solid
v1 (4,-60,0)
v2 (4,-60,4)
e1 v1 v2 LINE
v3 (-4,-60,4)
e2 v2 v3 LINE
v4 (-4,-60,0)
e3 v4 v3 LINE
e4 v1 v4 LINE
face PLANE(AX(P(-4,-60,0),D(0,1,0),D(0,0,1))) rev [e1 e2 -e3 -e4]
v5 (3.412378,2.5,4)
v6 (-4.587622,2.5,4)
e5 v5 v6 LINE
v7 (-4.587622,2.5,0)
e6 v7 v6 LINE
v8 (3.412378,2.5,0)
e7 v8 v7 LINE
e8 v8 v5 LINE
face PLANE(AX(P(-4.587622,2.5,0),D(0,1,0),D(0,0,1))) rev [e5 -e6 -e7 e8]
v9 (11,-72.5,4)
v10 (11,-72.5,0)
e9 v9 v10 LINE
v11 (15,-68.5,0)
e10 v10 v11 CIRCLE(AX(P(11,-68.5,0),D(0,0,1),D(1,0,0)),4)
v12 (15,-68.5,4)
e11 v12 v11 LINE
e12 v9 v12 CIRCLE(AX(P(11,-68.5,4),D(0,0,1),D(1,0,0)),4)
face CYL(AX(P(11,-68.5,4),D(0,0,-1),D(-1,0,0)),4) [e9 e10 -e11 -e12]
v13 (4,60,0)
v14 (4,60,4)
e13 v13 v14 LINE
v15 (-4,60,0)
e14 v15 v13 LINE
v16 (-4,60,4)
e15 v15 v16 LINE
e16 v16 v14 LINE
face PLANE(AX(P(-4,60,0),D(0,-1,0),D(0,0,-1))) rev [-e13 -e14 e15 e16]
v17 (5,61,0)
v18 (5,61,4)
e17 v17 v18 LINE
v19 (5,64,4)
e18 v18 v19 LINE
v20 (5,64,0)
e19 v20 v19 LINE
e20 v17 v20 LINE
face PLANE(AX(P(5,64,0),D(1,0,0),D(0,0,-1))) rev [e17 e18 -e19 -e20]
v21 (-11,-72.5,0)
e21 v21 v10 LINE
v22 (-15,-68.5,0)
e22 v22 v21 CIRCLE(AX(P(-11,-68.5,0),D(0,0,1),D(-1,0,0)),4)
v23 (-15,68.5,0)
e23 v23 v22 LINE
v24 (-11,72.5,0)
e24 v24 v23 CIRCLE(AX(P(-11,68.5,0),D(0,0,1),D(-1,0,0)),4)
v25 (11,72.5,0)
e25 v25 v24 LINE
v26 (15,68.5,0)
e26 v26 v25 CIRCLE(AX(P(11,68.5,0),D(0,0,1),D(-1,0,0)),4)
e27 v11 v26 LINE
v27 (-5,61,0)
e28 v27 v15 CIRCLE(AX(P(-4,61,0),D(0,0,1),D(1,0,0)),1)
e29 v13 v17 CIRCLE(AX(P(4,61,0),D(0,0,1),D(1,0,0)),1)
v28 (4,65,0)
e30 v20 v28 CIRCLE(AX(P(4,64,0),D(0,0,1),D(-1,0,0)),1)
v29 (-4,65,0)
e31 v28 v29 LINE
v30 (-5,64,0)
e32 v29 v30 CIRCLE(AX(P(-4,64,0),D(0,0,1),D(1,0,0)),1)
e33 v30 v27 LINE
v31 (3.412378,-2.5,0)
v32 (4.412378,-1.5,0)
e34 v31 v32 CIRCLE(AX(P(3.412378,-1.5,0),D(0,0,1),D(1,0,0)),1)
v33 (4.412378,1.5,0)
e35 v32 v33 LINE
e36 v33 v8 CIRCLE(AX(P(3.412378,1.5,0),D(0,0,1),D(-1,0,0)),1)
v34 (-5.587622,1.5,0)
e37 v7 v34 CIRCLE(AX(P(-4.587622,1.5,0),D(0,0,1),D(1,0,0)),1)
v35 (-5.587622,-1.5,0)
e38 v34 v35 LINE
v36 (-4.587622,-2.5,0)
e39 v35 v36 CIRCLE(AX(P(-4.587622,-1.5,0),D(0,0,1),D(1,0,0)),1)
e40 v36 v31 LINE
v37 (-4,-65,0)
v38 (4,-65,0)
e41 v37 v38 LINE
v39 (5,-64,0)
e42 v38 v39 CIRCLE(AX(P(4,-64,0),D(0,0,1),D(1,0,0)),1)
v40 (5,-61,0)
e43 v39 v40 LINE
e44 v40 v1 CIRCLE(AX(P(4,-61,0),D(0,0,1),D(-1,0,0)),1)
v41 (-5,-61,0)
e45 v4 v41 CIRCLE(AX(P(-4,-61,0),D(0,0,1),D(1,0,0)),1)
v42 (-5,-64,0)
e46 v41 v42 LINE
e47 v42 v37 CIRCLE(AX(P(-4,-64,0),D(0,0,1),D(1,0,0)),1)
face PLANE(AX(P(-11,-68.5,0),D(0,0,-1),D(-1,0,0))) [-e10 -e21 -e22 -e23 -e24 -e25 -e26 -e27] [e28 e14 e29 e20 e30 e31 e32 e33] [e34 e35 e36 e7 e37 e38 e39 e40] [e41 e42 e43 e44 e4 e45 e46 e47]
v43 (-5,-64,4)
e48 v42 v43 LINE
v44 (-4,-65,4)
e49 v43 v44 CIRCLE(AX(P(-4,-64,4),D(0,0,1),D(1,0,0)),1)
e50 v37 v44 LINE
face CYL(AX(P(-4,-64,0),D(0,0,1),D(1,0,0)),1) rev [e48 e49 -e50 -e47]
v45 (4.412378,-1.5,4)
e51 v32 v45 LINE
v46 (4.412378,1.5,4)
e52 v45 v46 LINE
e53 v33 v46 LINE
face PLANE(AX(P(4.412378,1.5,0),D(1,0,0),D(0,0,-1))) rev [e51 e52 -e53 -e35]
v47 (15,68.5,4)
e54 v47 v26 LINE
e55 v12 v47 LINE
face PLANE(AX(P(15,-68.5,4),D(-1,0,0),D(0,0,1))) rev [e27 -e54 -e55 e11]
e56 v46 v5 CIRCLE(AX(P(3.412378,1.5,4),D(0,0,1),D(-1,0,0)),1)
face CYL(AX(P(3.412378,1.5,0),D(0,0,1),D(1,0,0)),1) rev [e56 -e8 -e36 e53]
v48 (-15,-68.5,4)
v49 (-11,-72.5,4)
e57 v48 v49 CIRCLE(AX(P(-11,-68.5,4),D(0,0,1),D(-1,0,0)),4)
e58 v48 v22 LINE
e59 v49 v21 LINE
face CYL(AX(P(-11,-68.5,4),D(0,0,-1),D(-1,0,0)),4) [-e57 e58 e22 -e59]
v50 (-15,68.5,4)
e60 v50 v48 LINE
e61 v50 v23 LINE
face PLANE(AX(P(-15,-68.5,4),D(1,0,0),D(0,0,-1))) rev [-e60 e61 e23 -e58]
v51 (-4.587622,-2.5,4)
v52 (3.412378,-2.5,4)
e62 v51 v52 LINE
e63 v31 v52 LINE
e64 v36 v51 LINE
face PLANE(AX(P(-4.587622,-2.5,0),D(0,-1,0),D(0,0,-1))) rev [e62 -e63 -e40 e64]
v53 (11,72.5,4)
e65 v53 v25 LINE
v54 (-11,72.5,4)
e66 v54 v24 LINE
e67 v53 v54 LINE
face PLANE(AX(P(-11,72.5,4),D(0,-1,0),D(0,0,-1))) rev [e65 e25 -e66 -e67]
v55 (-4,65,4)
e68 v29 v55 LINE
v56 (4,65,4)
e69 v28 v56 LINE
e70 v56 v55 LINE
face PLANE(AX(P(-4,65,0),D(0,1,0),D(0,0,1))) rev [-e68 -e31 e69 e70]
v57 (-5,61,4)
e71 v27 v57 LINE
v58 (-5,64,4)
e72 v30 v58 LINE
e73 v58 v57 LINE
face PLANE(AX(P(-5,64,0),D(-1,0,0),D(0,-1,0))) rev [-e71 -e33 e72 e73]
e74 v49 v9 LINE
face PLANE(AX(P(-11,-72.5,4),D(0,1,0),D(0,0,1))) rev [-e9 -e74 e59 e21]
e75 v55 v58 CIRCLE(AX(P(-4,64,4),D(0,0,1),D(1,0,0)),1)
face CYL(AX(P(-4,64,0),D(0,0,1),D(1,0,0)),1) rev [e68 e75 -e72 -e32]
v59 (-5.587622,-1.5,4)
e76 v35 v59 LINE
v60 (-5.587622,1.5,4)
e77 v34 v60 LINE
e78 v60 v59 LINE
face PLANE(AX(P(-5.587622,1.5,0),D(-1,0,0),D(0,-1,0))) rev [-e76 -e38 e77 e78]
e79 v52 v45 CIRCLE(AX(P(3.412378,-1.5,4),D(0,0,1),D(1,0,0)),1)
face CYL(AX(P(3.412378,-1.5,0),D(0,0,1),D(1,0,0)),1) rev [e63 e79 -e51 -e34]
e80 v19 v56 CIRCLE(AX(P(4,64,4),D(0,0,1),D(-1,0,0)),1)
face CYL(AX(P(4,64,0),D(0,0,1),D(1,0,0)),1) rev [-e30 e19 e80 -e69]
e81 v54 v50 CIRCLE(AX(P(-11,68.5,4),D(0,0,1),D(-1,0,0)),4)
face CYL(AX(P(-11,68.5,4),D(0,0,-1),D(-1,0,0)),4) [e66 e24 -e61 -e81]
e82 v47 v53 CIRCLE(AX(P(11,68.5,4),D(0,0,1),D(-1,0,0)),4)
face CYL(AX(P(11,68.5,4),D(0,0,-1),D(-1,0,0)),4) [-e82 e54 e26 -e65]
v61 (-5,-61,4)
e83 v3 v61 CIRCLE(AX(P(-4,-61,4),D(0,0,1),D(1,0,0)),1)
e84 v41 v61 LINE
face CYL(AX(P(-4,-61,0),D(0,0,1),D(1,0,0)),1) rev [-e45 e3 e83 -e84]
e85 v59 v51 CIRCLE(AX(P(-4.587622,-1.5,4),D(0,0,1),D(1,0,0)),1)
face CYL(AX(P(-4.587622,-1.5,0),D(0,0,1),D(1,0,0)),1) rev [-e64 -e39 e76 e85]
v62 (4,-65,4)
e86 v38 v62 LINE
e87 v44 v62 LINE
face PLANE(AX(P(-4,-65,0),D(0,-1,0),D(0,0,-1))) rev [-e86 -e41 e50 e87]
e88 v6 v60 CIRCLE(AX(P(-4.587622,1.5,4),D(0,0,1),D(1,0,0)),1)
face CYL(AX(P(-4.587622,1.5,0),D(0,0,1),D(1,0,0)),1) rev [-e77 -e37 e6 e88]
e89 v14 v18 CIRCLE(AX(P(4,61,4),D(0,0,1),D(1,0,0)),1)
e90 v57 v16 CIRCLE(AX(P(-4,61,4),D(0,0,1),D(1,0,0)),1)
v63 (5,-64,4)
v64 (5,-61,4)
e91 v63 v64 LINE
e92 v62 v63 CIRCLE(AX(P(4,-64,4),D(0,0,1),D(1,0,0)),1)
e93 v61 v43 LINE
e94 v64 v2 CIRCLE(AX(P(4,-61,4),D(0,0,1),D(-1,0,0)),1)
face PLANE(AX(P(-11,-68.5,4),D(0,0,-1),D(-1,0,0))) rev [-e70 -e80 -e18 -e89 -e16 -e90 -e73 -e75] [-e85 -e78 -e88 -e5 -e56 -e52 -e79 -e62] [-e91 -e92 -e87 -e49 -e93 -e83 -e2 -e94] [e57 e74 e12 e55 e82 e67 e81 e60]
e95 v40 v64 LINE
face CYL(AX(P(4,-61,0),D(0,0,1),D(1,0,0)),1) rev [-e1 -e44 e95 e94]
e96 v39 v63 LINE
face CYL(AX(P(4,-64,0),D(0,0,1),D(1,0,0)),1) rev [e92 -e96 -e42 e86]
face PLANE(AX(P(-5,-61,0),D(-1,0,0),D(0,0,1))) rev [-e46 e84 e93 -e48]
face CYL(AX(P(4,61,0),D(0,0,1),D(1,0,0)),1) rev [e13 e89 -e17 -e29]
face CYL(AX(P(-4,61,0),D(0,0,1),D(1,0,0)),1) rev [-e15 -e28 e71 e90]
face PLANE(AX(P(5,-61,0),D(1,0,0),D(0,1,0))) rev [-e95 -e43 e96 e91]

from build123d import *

# Parameters (mm, degrees)
BOSS_EXTRU_1_DEPTH      = 4
ENL_V_MAT_EXTRU_1_DEPTH = 75.143442057


with BuildPart() as part:
    # Esquisse1 → Boss.-Extru.1 (new body)
    with BuildSketch(Plane.XY):
        with BuildLine():
            Line((-11, -72.5), (11, -72.5))
            ThreePointArc((11, -72.5), (13.828427125, -71.328427125), (15, -68.5))
            Line((15, -68.5), (15, 68.5))
            ThreePointArc((15, 68.5), (13.828427125, 71.328427125), (11, 72.5))
            Line((11, 72.5), (-11, 72.5))
            ThreePointArc((-11, 72.5), (-13.828427125, 71.328427125), (-15, 68.5))
            Line((-15, 68.5), (-15, -68.5))
            ThreePointArc((-15, -68.5), (-13.828427125, -71.328427125), (-11, -72.5))
        make_face()
    extrude(amount=BOSS_EXTRU_1_DEPTH)

    # Esquisse2 → Enlèv. mat.-Extru.1 (cut, through all)
    with BuildSketch(Plane.XY.offset(4)):
        with BuildLine():
            Line((-4, -60), (4, -60))
            ThreePointArc((4, -60), (4.707106781, -60.292893219), (5, -61))
            Line((5, -61), (5, -64))
            ThreePointArc((5, -64), (4.707106781, -64.707106781), (4, -65))
            Line((4, -65), (-4, -65))
            ThreePointArc((-4, -65), (-4.707106781, -64.707106781), (-5, -64))
            Line((-5, -64), (-5, -61))
            ThreePointArc((-5, -61), (-4.707106781, -60.292893219), (-4, -60))
        make_face()
        with BuildLine():
            Line((-4, 65), (4, 65))
            ThreePointArc((4, 65), (4.707106781, 64.707106781), (5, 64))
            Line((5, 64), (5, 61))
            ThreePointArc((5, 61), (4.707106781, 60.292893219), (4, 60))
            Line((4, 60), (-4, 60))
            ThreePointArc((-4, 60), (-4.707106781, 60.292893219), (-5, 61))
            Line((-5, 61), (-5, 64))
            ThreePointArc((-5, 64), (-4.707106781, 64.707106781), (-4, 65))
        make_face()
        with BuildLine():
            Line((-4.587622439, 2.5), (3.412377561, 2.5))
            ThreePointArc((3.412377561, 2.5), (4.119484342, 2.207106781), (4.412377561, 1.5))
            Line((4.412377561, 1.5), (4.412377561, -1.5))
            ThreePointArc((4.412377561, -1.5), (4.119484342, -2.207106781), (3.412377561, -2.5))
            Line((3.412377561, -2.5), (-4.587622439, -2.5))
            ThreePointArc((-4.587622439, -2.5), (-5.29472922, -2.207106781), (-5.587622439, -1.5))
            Line((-5.587622439, -1.5), (-5.587622439, 1.5))
            ThreePointArc((-5.587622439, 1.5), (-5.29472922, 2.207106781), (-4.587622439, 2.5))
        make_face()
    extrude(amount=-ENL_V_MAT_EXTRU_1_DEPTH, mode=Mode.SUBTRACT)


solid = part.part
